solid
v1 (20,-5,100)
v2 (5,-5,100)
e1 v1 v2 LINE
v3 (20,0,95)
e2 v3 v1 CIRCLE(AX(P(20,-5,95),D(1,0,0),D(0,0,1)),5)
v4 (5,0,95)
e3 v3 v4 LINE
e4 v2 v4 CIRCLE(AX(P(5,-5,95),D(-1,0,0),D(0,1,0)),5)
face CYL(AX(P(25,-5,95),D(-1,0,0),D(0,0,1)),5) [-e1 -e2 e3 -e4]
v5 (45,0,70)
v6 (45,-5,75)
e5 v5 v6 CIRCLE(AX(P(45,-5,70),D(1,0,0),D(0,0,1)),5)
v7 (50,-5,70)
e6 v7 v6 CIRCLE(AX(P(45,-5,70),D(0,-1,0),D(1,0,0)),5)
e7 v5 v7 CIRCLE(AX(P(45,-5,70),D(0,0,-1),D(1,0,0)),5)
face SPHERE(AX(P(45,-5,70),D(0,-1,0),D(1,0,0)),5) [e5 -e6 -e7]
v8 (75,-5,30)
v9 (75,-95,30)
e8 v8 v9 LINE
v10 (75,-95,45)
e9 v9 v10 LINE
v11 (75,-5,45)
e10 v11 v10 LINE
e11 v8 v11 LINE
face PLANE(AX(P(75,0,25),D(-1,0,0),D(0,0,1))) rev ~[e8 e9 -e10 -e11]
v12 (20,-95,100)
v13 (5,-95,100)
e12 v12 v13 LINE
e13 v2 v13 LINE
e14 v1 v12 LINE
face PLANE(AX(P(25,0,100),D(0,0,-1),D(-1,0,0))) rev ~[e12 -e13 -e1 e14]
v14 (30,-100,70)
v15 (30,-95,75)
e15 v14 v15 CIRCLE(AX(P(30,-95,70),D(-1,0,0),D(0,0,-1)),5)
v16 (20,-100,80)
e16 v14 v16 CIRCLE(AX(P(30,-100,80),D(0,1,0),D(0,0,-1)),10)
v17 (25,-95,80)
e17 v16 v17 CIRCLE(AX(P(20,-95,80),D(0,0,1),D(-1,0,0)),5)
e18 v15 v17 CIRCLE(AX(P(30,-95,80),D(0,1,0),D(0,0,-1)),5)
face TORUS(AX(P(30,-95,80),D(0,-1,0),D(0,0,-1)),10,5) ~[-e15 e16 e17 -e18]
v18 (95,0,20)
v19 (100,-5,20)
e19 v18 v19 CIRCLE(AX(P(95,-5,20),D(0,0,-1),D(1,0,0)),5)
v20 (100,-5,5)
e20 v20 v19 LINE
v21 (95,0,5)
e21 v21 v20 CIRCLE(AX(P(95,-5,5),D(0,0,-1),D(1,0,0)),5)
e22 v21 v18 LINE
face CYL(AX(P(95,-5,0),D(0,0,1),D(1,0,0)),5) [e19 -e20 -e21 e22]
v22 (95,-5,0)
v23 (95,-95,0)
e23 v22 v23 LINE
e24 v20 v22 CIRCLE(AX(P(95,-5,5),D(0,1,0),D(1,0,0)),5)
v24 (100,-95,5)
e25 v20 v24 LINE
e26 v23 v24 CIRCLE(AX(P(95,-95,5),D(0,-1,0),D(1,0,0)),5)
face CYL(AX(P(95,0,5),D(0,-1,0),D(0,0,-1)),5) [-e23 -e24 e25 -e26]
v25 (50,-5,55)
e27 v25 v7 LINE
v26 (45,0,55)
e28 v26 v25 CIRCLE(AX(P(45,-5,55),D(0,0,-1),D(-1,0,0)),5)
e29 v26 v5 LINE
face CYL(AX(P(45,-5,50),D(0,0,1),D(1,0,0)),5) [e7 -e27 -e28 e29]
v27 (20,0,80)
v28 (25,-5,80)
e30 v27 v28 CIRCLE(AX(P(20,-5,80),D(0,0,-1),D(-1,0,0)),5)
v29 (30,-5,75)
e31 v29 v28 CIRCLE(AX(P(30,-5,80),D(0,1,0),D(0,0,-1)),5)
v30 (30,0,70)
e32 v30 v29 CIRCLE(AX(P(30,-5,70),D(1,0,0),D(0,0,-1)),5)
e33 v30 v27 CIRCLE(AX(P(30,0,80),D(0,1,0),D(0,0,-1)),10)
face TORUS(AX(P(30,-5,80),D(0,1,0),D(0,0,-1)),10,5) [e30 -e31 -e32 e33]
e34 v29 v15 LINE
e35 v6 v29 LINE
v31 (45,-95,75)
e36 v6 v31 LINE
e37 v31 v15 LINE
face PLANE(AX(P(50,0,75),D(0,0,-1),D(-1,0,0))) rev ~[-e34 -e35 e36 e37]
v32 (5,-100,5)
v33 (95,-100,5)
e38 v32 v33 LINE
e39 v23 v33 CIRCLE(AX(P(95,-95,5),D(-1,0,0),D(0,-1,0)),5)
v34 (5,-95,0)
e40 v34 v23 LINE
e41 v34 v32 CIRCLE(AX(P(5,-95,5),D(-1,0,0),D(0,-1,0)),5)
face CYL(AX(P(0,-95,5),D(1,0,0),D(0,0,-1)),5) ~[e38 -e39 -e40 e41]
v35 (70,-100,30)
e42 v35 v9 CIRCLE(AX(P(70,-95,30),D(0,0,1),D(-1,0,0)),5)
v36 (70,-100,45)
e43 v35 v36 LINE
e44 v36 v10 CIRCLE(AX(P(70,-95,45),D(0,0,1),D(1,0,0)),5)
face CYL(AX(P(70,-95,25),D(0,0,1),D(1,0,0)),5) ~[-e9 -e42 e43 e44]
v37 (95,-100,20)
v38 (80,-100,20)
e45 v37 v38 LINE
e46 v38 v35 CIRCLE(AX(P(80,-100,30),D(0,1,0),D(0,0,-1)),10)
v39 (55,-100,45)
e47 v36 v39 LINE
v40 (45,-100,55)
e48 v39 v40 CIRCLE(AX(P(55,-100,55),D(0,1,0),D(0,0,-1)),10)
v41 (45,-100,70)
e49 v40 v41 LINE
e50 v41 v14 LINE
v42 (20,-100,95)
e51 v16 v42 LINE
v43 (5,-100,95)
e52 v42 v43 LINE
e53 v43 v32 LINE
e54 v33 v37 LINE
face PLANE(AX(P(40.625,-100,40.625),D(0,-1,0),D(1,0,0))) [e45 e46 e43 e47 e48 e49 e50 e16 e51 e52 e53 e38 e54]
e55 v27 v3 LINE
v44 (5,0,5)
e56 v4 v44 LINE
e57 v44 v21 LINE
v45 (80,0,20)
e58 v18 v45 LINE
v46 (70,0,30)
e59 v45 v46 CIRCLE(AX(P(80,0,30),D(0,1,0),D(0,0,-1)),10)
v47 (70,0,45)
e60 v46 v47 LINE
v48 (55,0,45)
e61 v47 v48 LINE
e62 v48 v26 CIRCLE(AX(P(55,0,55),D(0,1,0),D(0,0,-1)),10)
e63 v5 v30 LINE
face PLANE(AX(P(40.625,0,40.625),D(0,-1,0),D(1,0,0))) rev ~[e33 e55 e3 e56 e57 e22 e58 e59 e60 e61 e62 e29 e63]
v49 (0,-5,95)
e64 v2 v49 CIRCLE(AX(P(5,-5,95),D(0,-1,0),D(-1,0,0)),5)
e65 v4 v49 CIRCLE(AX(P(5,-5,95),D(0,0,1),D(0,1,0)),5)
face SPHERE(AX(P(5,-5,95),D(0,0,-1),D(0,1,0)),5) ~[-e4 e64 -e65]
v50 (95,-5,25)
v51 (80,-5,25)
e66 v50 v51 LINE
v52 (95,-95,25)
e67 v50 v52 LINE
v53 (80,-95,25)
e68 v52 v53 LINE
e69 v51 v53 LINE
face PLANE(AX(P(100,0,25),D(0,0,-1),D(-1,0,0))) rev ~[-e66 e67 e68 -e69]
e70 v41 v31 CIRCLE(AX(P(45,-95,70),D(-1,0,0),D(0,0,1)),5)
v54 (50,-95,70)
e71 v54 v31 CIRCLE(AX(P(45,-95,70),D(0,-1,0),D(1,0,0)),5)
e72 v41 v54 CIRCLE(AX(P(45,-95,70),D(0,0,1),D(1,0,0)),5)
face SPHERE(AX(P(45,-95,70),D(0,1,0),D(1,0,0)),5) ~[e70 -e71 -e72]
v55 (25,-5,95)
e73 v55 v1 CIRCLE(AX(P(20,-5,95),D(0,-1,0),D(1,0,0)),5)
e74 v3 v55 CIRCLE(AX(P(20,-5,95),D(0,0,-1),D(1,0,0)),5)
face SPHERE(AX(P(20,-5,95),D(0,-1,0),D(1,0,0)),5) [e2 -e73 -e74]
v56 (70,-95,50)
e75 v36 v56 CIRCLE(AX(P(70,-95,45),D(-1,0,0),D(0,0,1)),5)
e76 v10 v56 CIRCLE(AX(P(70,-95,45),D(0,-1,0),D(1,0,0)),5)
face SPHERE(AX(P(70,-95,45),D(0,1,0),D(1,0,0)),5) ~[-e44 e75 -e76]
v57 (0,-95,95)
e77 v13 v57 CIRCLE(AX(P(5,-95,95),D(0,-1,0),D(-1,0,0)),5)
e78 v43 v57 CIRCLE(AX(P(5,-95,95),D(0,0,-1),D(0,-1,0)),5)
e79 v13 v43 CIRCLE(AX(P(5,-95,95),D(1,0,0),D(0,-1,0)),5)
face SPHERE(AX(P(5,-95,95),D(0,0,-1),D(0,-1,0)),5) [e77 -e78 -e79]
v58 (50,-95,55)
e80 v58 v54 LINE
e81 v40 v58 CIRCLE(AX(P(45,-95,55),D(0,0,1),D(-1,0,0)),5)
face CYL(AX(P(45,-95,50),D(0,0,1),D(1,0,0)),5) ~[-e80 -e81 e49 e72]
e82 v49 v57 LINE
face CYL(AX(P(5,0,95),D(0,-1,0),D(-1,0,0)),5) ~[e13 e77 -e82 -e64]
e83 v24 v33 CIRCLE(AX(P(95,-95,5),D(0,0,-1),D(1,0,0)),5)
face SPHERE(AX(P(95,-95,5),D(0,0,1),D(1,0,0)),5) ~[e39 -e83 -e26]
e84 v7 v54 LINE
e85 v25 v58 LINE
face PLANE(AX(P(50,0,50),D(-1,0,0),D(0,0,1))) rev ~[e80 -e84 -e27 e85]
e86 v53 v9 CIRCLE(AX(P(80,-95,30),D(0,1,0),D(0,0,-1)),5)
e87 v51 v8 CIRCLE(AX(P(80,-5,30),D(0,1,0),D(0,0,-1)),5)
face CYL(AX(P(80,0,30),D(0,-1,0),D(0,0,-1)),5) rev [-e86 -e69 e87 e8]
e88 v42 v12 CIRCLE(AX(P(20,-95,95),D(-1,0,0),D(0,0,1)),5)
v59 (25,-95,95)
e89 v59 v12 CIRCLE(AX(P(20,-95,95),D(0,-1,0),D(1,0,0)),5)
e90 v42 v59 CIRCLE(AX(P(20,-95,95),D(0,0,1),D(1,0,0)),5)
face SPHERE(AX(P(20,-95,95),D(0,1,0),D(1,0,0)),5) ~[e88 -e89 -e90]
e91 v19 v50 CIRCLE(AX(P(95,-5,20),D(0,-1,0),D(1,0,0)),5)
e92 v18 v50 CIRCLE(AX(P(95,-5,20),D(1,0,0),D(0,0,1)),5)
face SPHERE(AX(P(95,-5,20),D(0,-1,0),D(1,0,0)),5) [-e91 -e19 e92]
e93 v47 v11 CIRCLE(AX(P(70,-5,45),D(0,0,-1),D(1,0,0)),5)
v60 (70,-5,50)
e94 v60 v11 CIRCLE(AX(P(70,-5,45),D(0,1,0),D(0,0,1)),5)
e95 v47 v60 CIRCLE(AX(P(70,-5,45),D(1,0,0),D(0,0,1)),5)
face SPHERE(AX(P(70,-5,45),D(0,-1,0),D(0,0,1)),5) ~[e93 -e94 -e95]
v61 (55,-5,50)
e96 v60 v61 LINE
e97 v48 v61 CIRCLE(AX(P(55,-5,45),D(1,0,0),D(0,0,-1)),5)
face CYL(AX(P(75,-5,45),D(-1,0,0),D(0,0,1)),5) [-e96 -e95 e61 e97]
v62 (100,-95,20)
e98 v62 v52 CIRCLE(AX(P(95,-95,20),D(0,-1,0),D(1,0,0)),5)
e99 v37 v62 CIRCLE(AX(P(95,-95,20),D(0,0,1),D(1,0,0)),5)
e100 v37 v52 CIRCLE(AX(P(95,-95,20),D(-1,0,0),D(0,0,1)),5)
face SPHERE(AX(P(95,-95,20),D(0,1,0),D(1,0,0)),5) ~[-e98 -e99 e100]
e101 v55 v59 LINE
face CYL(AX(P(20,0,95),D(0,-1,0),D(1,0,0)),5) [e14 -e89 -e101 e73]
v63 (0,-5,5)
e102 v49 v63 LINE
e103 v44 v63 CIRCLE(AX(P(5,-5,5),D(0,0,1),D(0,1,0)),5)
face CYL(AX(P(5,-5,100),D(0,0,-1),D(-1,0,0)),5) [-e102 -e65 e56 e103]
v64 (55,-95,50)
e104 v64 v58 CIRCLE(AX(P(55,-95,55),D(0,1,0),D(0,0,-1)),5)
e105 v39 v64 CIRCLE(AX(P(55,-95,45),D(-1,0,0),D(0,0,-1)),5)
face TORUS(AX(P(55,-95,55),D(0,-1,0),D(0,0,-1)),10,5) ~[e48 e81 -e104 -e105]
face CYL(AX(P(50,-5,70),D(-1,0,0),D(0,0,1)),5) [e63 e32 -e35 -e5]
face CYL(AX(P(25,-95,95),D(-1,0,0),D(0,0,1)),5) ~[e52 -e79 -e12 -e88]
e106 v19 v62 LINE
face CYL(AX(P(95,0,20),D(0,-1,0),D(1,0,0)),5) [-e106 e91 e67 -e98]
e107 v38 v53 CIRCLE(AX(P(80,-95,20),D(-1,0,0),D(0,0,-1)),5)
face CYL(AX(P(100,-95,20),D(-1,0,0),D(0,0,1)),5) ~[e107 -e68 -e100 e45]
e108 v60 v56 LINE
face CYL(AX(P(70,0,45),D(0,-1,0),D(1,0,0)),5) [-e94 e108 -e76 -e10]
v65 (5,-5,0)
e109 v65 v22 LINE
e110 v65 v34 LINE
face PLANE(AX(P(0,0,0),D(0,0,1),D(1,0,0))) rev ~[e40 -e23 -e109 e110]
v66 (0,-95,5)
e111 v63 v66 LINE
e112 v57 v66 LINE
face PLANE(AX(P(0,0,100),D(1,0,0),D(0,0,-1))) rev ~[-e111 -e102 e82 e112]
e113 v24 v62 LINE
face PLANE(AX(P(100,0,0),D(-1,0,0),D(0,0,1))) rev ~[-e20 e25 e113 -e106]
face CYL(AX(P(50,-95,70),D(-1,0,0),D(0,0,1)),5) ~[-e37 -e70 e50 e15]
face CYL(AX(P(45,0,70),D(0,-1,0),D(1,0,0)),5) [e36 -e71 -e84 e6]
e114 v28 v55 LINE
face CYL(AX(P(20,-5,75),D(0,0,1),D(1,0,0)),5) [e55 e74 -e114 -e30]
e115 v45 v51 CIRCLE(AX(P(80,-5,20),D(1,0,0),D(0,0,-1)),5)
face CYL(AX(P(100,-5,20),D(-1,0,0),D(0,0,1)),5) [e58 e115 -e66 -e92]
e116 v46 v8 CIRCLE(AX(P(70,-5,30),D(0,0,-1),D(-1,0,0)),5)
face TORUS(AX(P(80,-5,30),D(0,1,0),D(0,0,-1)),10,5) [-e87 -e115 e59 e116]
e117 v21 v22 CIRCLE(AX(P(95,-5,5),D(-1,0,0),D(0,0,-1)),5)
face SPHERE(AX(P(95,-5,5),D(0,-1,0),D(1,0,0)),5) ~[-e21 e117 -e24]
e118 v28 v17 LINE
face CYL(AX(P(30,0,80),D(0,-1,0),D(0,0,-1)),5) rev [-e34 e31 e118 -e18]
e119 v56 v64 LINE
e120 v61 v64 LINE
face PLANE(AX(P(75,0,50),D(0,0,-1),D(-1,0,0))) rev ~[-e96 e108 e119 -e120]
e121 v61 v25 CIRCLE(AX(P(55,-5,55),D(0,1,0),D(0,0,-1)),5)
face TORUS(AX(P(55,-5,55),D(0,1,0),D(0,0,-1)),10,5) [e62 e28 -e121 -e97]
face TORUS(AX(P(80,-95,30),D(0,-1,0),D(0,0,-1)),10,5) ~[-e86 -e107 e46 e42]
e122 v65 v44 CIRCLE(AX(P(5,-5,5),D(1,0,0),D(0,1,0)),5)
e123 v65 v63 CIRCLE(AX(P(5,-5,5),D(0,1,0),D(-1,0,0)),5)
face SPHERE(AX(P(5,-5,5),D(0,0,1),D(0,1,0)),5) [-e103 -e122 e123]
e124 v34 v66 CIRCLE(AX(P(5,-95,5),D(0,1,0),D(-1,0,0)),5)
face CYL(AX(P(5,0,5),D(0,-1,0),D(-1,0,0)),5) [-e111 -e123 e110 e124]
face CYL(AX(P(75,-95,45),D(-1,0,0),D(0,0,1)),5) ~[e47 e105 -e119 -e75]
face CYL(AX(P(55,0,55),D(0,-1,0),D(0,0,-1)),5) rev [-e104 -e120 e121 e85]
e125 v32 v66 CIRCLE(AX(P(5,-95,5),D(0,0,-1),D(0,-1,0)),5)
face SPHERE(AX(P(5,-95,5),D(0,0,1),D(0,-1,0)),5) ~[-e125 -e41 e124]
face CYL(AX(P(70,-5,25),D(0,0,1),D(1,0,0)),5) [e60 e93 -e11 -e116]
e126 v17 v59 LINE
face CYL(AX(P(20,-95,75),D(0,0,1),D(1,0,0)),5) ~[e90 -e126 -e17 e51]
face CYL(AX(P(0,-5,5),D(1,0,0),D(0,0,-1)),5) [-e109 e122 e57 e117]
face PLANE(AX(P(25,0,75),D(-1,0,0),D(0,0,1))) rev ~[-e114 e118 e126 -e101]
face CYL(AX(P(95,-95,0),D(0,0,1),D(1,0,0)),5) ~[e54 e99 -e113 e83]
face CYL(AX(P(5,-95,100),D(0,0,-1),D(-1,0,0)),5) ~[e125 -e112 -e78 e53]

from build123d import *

# Parameters (mm, degrees)
F1_DEPTH = 100
F2_R     = 5


with BuildPart() as f1:
    # F0 (on Front) → F1 (new body)
    with BuildSketch(Plane.XZ):
        Polygon((0, 100), (0, 0), (100, 0), (100, 25), (75, 25), (75, 50), (50, 50), (50, 75), (25, 75), (25, 100), align=None)
    extrude(amount=F1_DEPTH)

    # F2
    f2_edges = [f1.edges().sort_by_distance(p)[0] for p in [
        (25, -50, 100),
        (25, -50, 75),
        (50, -50, 75),
        (50, -50, 50),
        (75, -50, 50),
        (75, -50, 25),
        (100, -50, 25),
        (100, -100, 12.5),
        (100, -50, 0),
        (100, 0, 12.5),
        (87.5, -100, 25),
        (75, -100, 37.5),
        (62.5, 0, 50),
        (62.5, -100, 50),
        (0, -100, 50),
        (50, -100, 0),
        (50, -100, 62.5),
        (37.5, -100, 75),
        (25, -100, 87.5),
        (12.5, -100, 100),
        (0, 0, 50),
        (50, 0, 0),
        (87.5, 0, 25),
        (75, 0, 37.5),
        (50, 0, 62.5),
        (37.5, 0, 75),
        (25, 0, 87.5),
        (12.5, 0, 100),
        (0, -50, 100),
        (0, -50, 0),
    ]]
    fillet(f2_edges, radius=F2_R)


solid = f1.part
